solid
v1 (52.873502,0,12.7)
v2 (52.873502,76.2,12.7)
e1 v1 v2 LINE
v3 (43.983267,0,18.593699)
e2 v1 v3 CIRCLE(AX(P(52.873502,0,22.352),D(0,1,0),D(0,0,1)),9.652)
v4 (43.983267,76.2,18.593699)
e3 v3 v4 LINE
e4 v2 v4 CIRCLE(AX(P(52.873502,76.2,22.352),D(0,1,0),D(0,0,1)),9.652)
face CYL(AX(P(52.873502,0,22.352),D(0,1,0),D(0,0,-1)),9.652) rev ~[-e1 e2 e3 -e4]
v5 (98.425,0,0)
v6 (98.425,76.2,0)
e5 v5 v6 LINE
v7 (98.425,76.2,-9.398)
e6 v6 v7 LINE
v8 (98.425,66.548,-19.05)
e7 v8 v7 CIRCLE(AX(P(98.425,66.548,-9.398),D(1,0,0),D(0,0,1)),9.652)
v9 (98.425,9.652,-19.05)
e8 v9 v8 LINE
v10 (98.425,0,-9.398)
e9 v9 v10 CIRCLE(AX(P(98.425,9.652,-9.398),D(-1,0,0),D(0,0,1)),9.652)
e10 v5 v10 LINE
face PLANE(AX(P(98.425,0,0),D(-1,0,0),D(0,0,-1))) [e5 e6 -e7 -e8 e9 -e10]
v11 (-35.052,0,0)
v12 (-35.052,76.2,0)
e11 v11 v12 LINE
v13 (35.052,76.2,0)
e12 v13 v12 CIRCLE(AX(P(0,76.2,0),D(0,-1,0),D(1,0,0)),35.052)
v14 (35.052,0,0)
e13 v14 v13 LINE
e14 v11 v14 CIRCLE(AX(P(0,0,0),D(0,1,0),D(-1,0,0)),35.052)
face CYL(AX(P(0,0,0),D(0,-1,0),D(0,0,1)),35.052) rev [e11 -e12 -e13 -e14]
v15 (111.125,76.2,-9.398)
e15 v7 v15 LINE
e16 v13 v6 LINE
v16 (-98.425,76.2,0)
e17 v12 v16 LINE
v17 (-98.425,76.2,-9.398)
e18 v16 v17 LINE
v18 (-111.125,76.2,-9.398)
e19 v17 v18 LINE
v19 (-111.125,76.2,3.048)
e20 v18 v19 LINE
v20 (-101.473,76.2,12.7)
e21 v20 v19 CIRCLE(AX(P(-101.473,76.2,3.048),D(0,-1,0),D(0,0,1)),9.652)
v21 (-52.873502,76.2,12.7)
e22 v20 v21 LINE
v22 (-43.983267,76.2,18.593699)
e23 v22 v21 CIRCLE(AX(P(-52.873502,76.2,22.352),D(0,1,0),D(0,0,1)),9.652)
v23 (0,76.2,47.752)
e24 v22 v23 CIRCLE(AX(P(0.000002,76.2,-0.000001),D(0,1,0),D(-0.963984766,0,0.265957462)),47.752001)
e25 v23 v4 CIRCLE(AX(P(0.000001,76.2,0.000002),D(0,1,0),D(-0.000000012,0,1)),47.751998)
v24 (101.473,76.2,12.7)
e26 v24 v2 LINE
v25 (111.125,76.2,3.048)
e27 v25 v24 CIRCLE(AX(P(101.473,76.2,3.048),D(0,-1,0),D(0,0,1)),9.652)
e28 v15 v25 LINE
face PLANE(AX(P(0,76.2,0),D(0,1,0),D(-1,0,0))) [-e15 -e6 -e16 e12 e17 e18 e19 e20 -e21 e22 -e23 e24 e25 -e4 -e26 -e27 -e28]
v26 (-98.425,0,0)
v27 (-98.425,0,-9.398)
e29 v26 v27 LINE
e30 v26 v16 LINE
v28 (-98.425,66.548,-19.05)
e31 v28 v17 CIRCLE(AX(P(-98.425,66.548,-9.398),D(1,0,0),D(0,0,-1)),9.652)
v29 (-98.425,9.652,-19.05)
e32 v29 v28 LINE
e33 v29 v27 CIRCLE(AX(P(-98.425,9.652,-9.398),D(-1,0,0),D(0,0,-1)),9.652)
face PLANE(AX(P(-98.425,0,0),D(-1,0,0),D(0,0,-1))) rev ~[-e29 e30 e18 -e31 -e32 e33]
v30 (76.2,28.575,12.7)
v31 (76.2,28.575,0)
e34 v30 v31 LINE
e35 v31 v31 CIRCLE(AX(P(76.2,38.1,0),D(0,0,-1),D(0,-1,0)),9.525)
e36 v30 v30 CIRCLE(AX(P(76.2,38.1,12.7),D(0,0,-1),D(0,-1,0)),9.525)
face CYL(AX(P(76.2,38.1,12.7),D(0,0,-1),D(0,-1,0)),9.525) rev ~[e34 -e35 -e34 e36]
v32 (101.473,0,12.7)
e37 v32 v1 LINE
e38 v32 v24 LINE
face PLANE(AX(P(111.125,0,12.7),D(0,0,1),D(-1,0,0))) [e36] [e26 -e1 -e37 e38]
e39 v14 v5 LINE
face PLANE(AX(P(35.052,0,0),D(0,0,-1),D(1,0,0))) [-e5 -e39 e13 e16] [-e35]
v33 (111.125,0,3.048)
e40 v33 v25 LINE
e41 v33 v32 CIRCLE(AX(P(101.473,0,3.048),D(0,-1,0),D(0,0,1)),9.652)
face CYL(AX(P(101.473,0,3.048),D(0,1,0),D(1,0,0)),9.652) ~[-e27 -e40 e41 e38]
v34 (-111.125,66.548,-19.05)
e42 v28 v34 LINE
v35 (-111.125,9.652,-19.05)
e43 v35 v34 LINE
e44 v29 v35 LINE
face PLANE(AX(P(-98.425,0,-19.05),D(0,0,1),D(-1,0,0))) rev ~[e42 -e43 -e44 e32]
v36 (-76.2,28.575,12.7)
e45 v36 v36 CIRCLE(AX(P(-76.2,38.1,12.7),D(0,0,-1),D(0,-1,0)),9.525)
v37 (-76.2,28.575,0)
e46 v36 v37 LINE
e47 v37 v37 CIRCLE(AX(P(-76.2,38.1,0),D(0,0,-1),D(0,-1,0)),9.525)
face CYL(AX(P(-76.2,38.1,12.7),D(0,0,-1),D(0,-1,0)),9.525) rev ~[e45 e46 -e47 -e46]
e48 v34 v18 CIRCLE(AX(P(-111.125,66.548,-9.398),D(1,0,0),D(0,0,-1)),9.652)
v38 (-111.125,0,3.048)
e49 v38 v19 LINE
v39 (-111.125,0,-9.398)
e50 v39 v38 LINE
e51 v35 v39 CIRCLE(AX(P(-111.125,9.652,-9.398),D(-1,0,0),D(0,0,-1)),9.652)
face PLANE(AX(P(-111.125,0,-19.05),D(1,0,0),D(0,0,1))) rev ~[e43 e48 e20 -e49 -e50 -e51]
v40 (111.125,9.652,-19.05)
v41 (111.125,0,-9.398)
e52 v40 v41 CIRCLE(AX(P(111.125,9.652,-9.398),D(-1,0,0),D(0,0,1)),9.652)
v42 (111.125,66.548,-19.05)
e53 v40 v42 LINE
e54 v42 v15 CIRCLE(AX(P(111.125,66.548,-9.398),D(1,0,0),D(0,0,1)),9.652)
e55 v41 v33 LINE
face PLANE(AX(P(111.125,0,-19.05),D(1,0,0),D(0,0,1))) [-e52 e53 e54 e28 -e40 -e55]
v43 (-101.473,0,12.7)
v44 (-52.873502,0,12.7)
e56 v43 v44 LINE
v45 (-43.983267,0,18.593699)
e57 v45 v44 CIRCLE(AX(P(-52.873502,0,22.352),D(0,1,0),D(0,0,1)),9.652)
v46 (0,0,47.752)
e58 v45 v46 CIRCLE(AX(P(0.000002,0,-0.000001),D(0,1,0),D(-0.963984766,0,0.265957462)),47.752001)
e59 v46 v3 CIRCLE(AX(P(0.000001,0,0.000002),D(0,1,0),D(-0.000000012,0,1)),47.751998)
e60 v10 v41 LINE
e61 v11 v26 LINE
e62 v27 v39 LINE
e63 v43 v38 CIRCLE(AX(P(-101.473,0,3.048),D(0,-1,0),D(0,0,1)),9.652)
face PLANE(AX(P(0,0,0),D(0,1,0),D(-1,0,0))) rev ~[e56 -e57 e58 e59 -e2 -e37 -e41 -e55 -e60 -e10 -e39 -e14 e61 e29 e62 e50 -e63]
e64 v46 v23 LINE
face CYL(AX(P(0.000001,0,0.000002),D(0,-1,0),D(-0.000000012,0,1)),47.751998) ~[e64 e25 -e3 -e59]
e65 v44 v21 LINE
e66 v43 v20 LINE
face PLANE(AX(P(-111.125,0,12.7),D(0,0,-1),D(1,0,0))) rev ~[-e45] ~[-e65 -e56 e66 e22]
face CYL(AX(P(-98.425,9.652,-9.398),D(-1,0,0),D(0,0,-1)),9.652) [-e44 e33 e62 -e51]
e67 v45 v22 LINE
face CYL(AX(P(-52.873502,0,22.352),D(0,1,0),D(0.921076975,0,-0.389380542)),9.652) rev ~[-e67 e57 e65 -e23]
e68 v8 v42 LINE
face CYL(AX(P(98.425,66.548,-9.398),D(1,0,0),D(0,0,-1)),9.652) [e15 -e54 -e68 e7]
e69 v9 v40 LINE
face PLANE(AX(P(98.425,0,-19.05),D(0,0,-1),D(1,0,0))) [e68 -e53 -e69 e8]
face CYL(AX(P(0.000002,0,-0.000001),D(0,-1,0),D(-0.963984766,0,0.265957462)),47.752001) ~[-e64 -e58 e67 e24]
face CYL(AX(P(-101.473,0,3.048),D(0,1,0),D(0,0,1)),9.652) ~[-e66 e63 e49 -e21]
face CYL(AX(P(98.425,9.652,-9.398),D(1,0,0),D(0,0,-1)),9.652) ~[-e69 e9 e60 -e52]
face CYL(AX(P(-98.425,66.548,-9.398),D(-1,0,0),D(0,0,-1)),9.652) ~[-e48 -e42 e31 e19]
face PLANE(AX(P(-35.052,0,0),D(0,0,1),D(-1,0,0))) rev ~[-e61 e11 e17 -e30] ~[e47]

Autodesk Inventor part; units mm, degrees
ref_plane "YZ Plane" through (0, 0, 0) normal (1, 0, 0) x (0, 1, 0)
ref_plane "XZ Plane" through (0, 0, 0) normal (0, 1, 0) x (-1, 0, 0)
ref_plane "XY Plane" through (0, 0, 0) normal (0, 0, 1) x (1, 0, 0)
sketch "Sketch1" plane through (0, 0, 0) normal (0, 1, 0) x (-1, 0, 0)
  line L0 (98.425, 0) -> (98.425, -19.05)
  line L1 (98.425, -19.05) -> (111.125, -19.05)
  line L2 (111.125, -19.05) -> (111.125, 12.7)
  line L3 (111.125, 12.7) -> (46.0322, 12.7)
  arc A0 (35.052, 0) -> (0, 35.052) centre (0, 0) ccw
  line L4 (0, 0) -> (35.052, 0) construction
  line L5 (0, 0) -> (35.052, 0) construction
  line L6 (0, 0) -> (0, 47.752) construction
  arc A1 (46.0322, 12.7) -> (0, 47.752) centre (0, 0) ccw
  line L7 (35.052, 0) -> (98.425, 0)
  line L8 (-98.425, 0) -> (-98.425, -19.05)
  line L9 (-98.425, -19.05) -> (-111.125, -19.05)
  line L10 (-111.125, -19.05) -> (-111.125, 12.7)
  line L11 (-111.125, 12.7) -> (-46.0322, 12.7)
  arc A2 (0, 35.052) -> (-35.052, 0) centre (0, 0) ccw
  arc A3 (0, 47.752) -> (-46.0322, 12.7) centre (0, 0) ccw
  line L12 (-35.052, 0) -> (-98.425, 0)
  arc A4 (35.052, 0) -> (-35.052, 0) centre (0, 0) ccw
  arc A5 (46.0322, 12.7) -> (-46.0322, 12.7) centre (0, 0) ccw
  line L13 (35.052, 0) -> (98.425, 0)
  line L14 (98.425, 0) -> (98.425, -19.05)
  line L15 (111.125, -19.05) -> (111.125, 12.7)
  line L16 (46.0322, 12.7) -> (111.125, 12.7)
  line L17 (-46.0322, 12.7) -> (-111.125, 12.7)
  line L18 (-111.125, -19.05) -> (-111.125, 12.7)
  line L19 (-98.425, -19.05) -> (-111.125, -19.05)
  line L20 (-98.425, 0) -> (-35.052, 0)
  line L21 (-98.425, 0) -> (-35.052, 0)
  dimension "d7" = 12.7
  dimension "d9" = 35.052
  dimension "d10" = 0
  dimension "d11" = 90
  dimension "d12" = 12.7
  dimension "d13" = 31.75
  dimension "d14" = 12.7
  dimension "d30" = 98.425
extrude "Extrusion1" add sketch "Sketch1" along normal blind 76.2
fillet "Fillet1" radius 9.652 8 edges at (111.125, 38.1, 12.7) (46.0322, 38.1, 12.7) (104.775, 76.2, -19.05) (104.775, 0, -19.05) (-46.0322, 38.1, 12.7) (-111.125, 38.1, 12.7) (-104.775, 0, -19.05) (-104.775, 76.2, -19.05)
sketch "Sketch2" plane through (52.8735, 0, 12.7) normal (0, 0, 1) x (1, 0, 0)
  line L0 (-52.8735, 0) -> (-52.8735, 38.1) construction
  line L1 (-52.8735, 38.1) -> (-129.0735, 38.1) construction
  line L2 (-52.8735, 38.1) -> (23.3265, 38.1) construction
  dimension "d20" = 38.1
  dimension "d21" = 76.2
  dimension "d22" = 76.2
hole "Hole1" at (-76.2, 38.1, 12.7) at (76.2, 38.1, 12.7) direction (0, 0, -1) diameter 19.05 end through all
properties part number "SólidoA"
